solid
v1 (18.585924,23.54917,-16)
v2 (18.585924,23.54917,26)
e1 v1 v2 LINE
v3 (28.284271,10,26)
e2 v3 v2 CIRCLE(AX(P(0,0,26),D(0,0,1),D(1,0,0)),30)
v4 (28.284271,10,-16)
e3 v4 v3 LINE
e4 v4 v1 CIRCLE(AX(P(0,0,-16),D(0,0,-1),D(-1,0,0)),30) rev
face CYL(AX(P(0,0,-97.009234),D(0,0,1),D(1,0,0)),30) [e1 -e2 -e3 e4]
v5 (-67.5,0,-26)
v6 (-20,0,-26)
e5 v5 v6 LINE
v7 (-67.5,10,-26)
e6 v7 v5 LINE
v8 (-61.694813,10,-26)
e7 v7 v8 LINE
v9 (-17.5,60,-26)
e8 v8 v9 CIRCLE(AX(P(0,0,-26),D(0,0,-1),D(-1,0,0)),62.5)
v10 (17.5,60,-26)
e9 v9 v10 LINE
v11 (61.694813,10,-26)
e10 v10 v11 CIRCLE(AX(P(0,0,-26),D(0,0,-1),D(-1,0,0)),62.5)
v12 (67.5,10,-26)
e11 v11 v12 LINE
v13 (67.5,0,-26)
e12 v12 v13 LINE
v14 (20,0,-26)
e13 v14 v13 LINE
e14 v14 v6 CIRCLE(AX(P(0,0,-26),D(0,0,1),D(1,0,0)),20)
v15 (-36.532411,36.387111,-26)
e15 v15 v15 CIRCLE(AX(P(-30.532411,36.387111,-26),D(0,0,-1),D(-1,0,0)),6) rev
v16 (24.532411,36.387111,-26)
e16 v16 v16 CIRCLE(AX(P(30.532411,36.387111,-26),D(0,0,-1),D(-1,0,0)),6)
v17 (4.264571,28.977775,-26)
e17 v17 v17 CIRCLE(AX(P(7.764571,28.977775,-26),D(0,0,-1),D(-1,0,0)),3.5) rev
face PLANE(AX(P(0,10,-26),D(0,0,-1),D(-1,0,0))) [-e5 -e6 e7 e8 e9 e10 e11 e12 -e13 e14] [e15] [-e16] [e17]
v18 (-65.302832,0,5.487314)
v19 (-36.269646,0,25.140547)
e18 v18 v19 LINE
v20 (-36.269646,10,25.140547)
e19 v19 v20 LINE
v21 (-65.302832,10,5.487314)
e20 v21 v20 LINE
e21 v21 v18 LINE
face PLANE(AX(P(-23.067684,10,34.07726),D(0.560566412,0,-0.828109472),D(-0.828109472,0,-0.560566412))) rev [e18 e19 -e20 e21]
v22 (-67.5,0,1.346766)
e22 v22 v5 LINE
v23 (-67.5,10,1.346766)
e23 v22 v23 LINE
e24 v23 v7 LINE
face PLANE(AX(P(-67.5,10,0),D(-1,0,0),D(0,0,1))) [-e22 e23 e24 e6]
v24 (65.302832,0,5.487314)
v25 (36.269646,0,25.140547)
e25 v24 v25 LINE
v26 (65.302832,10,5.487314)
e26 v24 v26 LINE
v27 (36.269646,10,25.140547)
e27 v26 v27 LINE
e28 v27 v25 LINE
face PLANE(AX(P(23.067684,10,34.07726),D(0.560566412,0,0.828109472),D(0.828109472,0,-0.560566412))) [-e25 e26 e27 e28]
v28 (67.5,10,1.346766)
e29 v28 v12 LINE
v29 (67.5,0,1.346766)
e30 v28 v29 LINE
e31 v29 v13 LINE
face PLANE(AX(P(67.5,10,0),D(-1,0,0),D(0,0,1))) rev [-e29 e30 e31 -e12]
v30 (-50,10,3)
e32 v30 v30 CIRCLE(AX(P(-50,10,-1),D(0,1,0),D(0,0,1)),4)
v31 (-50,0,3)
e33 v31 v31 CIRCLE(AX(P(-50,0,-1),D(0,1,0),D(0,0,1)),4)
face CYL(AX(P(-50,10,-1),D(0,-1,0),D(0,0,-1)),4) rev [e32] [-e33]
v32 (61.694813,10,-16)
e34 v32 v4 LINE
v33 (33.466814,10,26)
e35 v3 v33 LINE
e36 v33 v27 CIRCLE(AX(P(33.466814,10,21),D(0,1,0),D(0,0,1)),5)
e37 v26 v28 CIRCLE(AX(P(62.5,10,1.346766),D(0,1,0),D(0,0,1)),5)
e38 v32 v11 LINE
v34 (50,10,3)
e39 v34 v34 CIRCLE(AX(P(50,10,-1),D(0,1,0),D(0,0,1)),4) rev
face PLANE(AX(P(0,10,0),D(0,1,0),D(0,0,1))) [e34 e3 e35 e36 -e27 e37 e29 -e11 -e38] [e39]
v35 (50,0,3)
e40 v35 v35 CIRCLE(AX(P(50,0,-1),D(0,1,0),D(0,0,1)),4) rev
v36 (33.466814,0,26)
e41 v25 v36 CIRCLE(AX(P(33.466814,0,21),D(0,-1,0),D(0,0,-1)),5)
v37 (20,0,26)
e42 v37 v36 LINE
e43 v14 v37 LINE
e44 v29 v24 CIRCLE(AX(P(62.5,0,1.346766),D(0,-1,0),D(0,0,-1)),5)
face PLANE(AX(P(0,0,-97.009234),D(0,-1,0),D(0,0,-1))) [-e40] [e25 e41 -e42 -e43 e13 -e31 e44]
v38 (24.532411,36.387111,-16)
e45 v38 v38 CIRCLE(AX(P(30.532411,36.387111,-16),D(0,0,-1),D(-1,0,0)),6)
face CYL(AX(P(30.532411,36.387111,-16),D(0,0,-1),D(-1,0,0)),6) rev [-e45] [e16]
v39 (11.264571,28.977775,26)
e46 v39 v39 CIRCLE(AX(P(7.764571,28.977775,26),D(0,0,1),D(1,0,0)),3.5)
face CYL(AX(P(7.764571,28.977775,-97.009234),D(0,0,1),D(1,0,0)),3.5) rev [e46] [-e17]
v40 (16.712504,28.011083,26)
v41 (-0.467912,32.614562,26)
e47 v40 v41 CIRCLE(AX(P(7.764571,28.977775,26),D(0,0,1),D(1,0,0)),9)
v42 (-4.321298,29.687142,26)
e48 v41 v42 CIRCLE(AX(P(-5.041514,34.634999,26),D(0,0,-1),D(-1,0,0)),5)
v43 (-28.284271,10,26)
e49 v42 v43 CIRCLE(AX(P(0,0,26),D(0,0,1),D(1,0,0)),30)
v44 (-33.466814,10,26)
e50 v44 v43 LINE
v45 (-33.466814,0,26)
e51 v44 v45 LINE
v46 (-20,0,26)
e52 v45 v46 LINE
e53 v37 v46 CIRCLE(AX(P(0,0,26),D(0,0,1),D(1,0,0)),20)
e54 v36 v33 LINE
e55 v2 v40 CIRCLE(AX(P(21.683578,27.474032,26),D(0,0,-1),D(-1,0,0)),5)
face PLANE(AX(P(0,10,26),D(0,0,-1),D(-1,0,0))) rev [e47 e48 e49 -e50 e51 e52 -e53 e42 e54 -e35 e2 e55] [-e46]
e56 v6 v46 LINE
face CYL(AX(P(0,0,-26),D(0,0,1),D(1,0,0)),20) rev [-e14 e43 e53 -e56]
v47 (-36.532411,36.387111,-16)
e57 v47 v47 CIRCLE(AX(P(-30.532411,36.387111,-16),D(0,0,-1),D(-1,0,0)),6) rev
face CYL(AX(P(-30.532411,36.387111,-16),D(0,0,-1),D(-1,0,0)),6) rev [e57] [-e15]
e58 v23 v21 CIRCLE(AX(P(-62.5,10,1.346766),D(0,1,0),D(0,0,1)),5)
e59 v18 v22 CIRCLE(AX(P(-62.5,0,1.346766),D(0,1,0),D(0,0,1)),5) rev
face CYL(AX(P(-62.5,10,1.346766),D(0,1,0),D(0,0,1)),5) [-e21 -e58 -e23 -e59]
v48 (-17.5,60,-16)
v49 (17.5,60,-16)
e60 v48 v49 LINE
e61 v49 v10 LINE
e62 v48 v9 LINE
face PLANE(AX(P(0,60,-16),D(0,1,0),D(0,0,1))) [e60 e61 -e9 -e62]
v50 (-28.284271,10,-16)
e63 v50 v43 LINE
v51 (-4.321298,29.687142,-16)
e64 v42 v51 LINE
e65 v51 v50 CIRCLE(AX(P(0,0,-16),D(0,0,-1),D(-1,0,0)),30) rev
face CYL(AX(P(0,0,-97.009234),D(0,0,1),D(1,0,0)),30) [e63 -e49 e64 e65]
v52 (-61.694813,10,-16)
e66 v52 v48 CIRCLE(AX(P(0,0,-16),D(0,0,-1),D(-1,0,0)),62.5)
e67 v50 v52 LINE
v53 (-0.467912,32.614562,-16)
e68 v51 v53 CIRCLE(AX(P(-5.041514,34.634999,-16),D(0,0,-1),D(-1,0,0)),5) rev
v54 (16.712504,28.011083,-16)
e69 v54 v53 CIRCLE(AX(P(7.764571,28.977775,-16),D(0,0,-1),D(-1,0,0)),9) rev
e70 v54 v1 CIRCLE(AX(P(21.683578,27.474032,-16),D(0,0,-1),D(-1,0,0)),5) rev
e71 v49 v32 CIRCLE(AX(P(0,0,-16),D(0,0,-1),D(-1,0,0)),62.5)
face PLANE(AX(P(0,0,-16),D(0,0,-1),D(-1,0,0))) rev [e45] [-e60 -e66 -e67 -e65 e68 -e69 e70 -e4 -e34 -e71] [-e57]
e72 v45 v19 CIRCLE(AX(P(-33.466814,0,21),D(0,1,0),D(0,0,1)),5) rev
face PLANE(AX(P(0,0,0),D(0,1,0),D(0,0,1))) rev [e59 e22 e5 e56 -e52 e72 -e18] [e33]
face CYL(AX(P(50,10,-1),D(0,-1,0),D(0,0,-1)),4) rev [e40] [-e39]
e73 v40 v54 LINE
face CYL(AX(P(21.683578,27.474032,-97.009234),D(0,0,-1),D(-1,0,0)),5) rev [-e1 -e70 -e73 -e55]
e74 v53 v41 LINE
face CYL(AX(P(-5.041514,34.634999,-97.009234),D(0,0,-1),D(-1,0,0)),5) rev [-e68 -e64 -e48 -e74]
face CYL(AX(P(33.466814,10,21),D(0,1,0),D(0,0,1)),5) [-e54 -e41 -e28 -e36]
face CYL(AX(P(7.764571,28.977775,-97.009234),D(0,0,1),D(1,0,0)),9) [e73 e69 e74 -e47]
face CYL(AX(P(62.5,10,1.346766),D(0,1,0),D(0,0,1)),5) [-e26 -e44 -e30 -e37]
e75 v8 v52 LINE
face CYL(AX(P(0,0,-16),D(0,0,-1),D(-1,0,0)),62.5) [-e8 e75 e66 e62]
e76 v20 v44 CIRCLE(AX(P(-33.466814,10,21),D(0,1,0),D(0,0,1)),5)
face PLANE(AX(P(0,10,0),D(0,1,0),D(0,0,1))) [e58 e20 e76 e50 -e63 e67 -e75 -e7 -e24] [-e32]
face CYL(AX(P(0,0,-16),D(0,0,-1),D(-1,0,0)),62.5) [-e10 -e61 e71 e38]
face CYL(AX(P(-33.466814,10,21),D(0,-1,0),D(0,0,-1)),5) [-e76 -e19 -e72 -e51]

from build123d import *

# Parameters (mm, degrees)
SKETCH2_R           = 4
BOSS_EXTRUDE1_DEPTH = 10
CUT_EXTRUDE1_DEPTH  = 86.791899384
SKETCH3_3_R         = 3.5
BOSS_EXTRUDE2_DEPTH = 52
SKETCH4_R           = 3.5
SKETCH4_R_2         = 6
BOSS_EXTRUDE3_DEPTH = 10
FILLET1_R           = 5


with BuildPart() as part:
    # Sketch2 → Boss-Extrude1 (new body)
    with BuildSketch(Plane(origin=(0, 0, 0), x_dir=(1, 0, 0), z_dir=(0, 1, 0))):
        Polygon((-67.5, 26), (-67.5, -4), (-35, -26), (35, -26), (67.5, -4), (67.5, 26), align=None)
        with Locations(Location((-50, 1, 0), (0, 0, 270))):
            Circle(SKETCH2_R, mode=Mode.SUBTRACT)
        with Locations(Location((50, 1, 0), (0, 0, 270))):
            Circle(SKETCH2_R, mode=Mode.SUBTRACT)
    extrude(amount=BOSS_EXTRUDE1_DEPTH)

    # Sketch3 → Cut-Extrude1 (cut, through all)
    with BuildSketch(Plane.XY.offset(26)):
        with BuildLine():
            Line((20, 0), (0, 0))
            Line((0, 0), (-20, 0))
            ThreePointArc((-20, 0), (0, -20), (20, 0))
        make_face()
        with BuildLine():
            Line((17.320508076, 10), (2.679491924, 10))
            Line((2.679491924, 10), (0, 0))
            Line((0, 0), (20, 0))
            ThreePointArc((20, 0), (19.318516526, 5.176380902), (17.320508076, 10))
        make_face()
        with BuildLine():
            Line((0, 0), (2.679491924, 10))
            Line((2.679491924, 10), (-17.320508076, 10))
            ThreePointArc((-17.320508076, 10), (-19.318516526, 5.176380902), (-20, 0))
            Line((-20, 0), (0, 0))
        make_face()
    extrude(amount=-CUT_EXTRUDE1_DEPTH, mode=Mode.SUBTRACT)


with BuildPart() as cut_extrude1_piece_1:
    # of the separate pieces the step leaves, piece 1, a body of its own (cut_extrude1_pieces)
    add(part.part.solids().sort_by_distance((67.5, 0, -26))[0])



with BuildPart() as cut_extrude1_piece_2:
    # of the separate pieces the step leaves, piece 2, a body of its own (cut_extrude1_pieces)
    add(part.part.solids().sort_by_distance((-67.5, 0, -26))[0])


with BuildPart() as cut_extrude1_piece_1_1:
    add(cut_extrude1_piece_1.part)

    add(cut_extrude1_piece_2.part)  # Boss-Extrude2 merges Cut-Extrude1 piece 2
    # Sketch3<3> → Boss-Extrude2 (add)
    with BuildSketch(Plane.XY.offset(26)):
        with BuildLine():
            ThreePointArc((-17.320508076, 10), (0, 20), (17.320508076, 10))
            Line((17.320508076, 10), (28.284271247, 10))
            ThreePointArc((28.284271247, 10), (23.442777244, 18.719941108), (16.010141687, 25.370758033))
            ThreePointArc((16.010141687, 25.370758033), (10.093942759, 37.671107225), (-1.179810402, 29.976791813))
            ThreePointArc((-1.179810402, 29.976791813), (-17.798906698, 24.149511804), (-28.284271247, 10))
            Line((-28.284271247, 10), (-17.320508076, 10))
        make_face()
        with Locations((7.764571353, 28.977774789)):
            Circle(SKETCH3_3_R, mode=Mode.SUBTRACT)
    extrude(amount=-BOSS_EXTRUDE2_DEPTH)

    # Sketch4 → Boss-Extrude3 (add)
    with BuildSketch(Plane(origin=(0, 0, -26), x_dir=(-1, 0, 0), z_dir=(0, 0, -1))):
        with BuildLine():
            ThreePointArc((62.5, 0), (62.298378138, 5.016181951), (61.694813396, 10))
            Line((61.694813396, 10), (28.284271247, 10))
            ThreePointArc((28.284271247, 10), (17.798906698, 24.149511804), (1.179810402, 29.976791813))
            ThreePointArc((1.179810402, 29.976791813), (-10.093942759, 37.671107225), (-16.010141687, 25.370758033))
            ThreePointArc((-16.010141687, 25.370758033), (-23.442777244, 18.719941108), (-28.284271247, 10))
            Line((-28.284271247, 10), (-61.694813396, 10))
            ThreePointArc((-61.694813396, 10), (-62.298378138, 5.016181951), (-62.5, 0))
            Line((-62.5, 0), (-20, 0))
            ThreePointArc((-20, 0), (0, 20), (20, 0))
            Line((20, 0), (62.5, 0))
        make_face()
        with Locations(Location((-7.764571353, 28.977774789, 0), (0, 0, 180))):
            Circle(SKETCH4_R, mode=Mode.SUBTRACT)
        with BuildLine():
            ThreePointArc((61.694813396, 10), (46.82899334, 41.391972444), (17.5, 60))
            Line((17.5, 60), (-17.5, 60))
            ThreePointArc((-17.5, 60), (-46.82899334, 41.391972444), (-61.694813396, 10))
            Line((-61.694813396, 10), (-28.284271247, 10))
            ThreePointArc((-28.284271247, 10), (-23.442777244, 18.719941108), (-16.010141687, 25.370758033))
            ThreePointArc((-16.010141687, 25.370758033), (-10.093942759, 37.671107225), (1.179810402, 29.976791813))
            ThreePointArc((1.179810402, 29.976791813), (17.798906698, 24.149511804), (28.284271247, 10))
            Line((28.284271247, 10), (61.694813396, 10))
        make_face()
        with Locations((-30.53241146, 36.387111048)):
            Circle(SKETCH4_R_2, mode=Mode.SUBTRACT)
        with Locations((30.53241146, 36.387111048)):
            Circle(SKETCH4_R_2, mode=Mode.SUBTRACT)
    extrude(amount=-BOSS_EXTRUDE3_DEPTH)

    # Fillet1
    fillet1_edges = [cut_extrude1_piece_1_1.edges().sort_by_distance(p)[0] for p in [
        (-35, 5, 26),
        (-67.5, 5, 4),
        (35, 5, 26),
        (67.5, 5, 4),
        (16.010141687, 25.370758033, 5),
        (-1.179810402, 29.976791813, 5),
    ]]
    fillet(fillet1_edges, radius=FILLET1_R)


solid = cut_extrude1_piece_1_1.part
